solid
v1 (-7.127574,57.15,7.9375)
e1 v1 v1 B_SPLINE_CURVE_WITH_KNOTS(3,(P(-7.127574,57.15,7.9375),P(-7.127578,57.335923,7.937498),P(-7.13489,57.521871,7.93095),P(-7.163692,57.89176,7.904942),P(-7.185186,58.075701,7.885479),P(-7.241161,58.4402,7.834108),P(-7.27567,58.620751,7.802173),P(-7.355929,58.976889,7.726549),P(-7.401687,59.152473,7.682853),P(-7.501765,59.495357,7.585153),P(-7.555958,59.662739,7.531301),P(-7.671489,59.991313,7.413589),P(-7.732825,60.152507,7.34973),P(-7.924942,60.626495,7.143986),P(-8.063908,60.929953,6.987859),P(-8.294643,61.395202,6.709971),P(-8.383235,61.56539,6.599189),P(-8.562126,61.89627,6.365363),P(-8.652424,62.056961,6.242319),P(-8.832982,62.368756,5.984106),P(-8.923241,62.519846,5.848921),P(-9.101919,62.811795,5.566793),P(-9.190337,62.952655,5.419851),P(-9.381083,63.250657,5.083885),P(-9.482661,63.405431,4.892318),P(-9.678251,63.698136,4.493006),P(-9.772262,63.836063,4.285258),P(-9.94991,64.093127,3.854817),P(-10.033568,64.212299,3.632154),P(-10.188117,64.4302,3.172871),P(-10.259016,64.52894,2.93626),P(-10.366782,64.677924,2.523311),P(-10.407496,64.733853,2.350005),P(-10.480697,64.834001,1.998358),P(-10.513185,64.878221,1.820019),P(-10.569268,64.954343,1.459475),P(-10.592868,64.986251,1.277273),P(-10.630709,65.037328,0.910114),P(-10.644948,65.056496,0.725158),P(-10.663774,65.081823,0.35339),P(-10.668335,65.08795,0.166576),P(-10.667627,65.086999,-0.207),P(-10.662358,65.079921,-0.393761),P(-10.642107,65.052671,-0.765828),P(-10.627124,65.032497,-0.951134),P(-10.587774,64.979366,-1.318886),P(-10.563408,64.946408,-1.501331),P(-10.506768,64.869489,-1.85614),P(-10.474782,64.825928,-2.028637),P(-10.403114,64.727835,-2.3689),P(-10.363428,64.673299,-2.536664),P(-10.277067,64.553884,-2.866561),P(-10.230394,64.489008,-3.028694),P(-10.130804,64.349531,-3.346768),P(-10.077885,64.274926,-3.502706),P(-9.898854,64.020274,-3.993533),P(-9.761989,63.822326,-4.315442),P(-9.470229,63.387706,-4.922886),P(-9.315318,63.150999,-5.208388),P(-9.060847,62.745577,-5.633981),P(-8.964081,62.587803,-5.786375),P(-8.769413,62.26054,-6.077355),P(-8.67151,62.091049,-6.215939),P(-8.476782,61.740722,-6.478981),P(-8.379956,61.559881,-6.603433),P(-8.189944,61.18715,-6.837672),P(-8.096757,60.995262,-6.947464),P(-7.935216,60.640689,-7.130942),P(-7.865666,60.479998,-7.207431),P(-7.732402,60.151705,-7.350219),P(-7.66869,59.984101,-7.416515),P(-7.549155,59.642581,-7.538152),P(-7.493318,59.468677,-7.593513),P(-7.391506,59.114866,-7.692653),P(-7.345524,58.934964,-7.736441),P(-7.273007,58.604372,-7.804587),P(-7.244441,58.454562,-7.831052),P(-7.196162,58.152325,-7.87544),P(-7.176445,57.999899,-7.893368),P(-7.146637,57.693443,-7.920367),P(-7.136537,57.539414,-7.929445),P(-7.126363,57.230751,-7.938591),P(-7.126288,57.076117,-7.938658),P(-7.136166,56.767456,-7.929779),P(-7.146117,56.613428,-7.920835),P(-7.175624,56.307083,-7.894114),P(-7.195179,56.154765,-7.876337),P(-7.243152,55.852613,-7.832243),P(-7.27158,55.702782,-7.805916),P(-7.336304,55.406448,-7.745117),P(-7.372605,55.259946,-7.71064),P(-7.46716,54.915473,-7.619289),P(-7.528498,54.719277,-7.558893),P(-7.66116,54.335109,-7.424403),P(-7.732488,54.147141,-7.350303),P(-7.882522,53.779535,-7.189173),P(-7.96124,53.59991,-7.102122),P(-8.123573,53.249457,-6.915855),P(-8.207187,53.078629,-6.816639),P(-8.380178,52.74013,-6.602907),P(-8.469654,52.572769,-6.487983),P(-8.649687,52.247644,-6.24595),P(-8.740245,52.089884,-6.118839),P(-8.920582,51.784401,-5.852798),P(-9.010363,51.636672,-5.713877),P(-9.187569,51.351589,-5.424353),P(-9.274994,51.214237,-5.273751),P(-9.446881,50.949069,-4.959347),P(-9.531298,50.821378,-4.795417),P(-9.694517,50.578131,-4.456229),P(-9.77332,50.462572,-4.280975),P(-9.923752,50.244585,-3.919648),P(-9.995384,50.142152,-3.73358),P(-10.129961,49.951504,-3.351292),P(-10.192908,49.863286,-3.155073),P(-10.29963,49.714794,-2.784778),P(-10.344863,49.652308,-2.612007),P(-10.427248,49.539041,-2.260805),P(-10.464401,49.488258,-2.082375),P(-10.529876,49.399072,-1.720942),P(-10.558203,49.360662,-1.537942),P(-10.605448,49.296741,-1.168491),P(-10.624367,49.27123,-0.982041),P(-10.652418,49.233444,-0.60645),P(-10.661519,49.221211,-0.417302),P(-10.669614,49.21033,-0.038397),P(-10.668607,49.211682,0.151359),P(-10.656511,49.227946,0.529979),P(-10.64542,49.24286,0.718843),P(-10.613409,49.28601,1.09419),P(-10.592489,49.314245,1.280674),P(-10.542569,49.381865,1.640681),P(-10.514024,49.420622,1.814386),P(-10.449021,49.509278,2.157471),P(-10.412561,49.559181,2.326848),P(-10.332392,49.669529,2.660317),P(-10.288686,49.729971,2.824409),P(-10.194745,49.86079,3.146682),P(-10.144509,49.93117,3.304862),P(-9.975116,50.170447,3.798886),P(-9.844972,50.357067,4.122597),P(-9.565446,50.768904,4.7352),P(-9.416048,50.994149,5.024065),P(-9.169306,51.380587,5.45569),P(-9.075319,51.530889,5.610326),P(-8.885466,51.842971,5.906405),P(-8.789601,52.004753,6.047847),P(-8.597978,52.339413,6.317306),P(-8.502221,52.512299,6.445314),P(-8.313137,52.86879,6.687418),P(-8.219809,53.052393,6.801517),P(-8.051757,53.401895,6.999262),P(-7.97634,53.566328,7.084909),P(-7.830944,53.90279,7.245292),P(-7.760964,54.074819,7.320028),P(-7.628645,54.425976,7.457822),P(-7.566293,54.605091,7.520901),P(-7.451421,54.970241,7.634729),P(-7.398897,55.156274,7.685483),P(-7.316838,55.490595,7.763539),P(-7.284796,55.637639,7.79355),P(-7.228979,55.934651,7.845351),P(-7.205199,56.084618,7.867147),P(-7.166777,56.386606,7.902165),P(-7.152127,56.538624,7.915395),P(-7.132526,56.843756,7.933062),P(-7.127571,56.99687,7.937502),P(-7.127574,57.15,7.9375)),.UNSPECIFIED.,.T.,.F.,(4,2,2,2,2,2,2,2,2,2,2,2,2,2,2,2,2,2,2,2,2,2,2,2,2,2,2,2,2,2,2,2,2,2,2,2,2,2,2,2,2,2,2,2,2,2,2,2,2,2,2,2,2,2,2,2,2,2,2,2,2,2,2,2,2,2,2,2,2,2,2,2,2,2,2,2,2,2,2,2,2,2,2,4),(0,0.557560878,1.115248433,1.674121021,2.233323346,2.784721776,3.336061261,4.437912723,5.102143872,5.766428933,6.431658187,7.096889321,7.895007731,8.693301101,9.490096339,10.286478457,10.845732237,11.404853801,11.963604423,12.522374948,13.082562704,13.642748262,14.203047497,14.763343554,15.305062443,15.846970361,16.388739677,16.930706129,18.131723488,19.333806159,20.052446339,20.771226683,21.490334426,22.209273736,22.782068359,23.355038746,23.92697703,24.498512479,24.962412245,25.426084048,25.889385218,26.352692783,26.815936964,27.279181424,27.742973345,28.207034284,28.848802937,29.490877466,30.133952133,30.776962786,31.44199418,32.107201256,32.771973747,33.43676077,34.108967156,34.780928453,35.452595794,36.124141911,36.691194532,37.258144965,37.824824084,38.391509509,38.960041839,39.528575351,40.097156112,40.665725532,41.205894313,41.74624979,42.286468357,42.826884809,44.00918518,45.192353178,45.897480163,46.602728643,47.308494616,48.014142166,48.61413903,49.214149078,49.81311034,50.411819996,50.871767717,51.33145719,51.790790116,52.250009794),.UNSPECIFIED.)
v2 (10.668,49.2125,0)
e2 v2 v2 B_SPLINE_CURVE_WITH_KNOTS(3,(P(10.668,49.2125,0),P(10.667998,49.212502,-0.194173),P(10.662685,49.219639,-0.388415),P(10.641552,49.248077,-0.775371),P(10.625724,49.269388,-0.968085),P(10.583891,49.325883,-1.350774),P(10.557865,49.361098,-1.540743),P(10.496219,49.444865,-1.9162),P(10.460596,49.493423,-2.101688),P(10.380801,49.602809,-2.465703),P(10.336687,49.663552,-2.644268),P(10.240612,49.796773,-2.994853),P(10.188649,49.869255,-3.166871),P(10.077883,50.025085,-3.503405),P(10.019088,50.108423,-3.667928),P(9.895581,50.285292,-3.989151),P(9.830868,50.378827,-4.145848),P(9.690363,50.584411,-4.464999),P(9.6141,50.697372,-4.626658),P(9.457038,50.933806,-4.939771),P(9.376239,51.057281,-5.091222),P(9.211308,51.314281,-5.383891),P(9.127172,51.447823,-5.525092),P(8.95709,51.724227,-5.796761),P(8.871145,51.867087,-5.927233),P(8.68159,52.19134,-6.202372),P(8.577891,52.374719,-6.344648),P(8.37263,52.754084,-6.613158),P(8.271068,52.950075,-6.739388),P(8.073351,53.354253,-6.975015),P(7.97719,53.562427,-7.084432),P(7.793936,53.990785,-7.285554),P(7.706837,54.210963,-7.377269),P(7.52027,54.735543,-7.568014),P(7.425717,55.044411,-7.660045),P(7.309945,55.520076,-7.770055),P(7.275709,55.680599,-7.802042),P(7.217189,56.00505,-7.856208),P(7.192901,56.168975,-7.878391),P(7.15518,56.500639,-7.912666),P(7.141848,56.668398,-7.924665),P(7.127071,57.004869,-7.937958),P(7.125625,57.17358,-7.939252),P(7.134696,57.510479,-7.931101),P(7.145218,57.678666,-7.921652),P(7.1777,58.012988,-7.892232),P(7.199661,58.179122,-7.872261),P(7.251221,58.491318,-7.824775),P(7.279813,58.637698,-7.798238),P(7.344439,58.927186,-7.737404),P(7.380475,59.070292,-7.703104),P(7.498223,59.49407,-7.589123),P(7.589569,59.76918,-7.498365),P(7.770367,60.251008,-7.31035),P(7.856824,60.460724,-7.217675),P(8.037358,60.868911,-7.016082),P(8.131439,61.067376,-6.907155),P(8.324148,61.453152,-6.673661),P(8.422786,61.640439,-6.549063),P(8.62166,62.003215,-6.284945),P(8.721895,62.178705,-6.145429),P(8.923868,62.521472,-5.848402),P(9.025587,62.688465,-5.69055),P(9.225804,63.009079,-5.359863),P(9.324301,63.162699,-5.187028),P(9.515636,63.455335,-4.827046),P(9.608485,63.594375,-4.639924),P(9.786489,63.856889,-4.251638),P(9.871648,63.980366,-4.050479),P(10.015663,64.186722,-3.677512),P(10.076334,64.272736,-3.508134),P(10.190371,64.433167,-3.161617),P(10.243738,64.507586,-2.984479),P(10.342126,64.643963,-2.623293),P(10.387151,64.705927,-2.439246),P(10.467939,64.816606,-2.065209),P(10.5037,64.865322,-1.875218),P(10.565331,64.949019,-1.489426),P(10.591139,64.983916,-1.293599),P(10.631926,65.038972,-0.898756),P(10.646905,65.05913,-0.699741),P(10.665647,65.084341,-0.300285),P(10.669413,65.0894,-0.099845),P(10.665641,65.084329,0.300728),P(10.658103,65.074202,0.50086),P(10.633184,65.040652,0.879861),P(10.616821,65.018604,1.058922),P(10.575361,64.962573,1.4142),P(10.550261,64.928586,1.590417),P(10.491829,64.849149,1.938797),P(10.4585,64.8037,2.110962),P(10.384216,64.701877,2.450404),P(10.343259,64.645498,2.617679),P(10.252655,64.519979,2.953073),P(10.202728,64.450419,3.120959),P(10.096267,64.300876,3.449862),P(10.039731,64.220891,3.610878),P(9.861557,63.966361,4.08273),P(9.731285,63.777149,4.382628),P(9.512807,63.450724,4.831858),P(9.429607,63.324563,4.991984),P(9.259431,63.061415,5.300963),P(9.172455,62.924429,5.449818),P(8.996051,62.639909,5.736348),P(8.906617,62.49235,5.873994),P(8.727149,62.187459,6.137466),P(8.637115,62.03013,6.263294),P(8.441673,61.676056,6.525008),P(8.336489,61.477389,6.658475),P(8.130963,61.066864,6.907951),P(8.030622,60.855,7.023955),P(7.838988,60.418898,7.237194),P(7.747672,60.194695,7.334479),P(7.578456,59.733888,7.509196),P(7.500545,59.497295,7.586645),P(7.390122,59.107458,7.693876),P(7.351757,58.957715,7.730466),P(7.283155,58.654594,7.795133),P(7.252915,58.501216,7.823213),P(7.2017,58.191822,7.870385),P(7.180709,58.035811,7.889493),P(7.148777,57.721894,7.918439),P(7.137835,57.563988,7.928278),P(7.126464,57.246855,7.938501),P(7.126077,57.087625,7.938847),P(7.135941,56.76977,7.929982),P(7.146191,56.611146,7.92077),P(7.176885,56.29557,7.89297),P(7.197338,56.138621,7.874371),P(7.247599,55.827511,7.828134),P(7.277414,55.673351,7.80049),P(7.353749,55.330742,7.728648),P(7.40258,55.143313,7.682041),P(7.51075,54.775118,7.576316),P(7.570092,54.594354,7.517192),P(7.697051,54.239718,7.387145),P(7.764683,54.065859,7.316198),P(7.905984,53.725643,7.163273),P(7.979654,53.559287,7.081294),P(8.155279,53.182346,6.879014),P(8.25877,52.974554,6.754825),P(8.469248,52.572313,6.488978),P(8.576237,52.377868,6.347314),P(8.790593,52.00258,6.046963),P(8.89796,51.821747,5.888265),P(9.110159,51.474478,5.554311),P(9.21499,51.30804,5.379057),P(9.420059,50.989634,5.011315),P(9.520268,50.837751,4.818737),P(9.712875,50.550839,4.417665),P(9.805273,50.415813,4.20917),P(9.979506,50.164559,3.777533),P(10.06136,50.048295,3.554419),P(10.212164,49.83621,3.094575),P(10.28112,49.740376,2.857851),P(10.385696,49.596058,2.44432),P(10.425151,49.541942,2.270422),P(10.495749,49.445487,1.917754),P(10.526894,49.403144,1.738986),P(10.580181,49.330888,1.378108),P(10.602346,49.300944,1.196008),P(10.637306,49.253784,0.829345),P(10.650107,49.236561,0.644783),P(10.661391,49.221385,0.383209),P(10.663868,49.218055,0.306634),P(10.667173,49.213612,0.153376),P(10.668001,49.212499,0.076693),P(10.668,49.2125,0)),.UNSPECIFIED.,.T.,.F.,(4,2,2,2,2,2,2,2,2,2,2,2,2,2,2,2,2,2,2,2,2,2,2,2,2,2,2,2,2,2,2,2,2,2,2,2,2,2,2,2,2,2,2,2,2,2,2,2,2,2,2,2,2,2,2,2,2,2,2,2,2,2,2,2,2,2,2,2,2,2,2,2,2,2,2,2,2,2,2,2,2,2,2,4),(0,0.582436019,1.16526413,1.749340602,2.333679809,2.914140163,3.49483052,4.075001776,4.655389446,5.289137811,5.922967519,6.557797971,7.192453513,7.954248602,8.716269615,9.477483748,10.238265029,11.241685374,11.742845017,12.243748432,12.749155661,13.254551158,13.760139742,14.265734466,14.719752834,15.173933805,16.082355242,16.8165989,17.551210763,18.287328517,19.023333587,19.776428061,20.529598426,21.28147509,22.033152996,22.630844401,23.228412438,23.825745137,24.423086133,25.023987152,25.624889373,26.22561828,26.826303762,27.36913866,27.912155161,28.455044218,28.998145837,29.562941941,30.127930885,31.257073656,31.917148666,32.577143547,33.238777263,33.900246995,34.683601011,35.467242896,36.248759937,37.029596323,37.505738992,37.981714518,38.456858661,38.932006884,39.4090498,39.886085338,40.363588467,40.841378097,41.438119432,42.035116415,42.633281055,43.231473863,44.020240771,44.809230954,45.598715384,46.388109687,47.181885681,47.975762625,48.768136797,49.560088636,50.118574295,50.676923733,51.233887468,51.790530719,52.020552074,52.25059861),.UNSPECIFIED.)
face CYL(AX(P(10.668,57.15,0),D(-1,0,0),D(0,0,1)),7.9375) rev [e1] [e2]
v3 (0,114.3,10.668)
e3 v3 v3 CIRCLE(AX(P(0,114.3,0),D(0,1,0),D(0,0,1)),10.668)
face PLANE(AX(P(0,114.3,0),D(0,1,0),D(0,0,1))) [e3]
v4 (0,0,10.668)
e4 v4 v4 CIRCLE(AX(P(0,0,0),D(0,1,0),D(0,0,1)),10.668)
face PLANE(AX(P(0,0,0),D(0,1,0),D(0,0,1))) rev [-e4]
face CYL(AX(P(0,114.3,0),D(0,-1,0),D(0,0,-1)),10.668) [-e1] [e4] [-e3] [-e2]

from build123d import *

# Parameters (mm, degrees)
SKETCH1_R               = 10.668
BOSS_EXTRUDE1_DEPTH     = 114.3
CUT_EXTRUDE1_DEPTH      = 116.291380632
CUT_EXTRUDE1_DEPTH_BACK = 116.291380632
SKETCH2_R               = 7.9375


with BuildPart() as part:
    # Sketch1 → Boss-Extrude1 (new body)
    with BuildSketch(Plane(origin=(0, 0, 0), x_dir=(1, 0, 0), z_dir=(0, 1, 0))):
        with Locations(Location((0, 0, 0), (0, 0, 270))):
            Circle(SKETCH1_R)
    extrude(amount=BOSS_EXTRUDE1_DEPTH)

    # Sketch2 → Cut-Extrude1 (cut, two sides: drawn at the far end of the back side and taken through both)
    with BuildSketch(Plane(origin=(0, 0, 0), x_dir=(0, 0, -1), z_dir=(1, 0, 0)).offset(-CUT_EXTRUDE1_DEPTH_BACK)):
        with Locations(Location((0, 57.15, 0), (0, 0, 180))):
            Circle(SKETCH2_R)
    extrude(amount=CUT_EXTRUDE1_DEPTH + CUT_EXTRUDE1_DEPTH_BACK, mode=Mode.SUBTRACT)


solid = part.part
